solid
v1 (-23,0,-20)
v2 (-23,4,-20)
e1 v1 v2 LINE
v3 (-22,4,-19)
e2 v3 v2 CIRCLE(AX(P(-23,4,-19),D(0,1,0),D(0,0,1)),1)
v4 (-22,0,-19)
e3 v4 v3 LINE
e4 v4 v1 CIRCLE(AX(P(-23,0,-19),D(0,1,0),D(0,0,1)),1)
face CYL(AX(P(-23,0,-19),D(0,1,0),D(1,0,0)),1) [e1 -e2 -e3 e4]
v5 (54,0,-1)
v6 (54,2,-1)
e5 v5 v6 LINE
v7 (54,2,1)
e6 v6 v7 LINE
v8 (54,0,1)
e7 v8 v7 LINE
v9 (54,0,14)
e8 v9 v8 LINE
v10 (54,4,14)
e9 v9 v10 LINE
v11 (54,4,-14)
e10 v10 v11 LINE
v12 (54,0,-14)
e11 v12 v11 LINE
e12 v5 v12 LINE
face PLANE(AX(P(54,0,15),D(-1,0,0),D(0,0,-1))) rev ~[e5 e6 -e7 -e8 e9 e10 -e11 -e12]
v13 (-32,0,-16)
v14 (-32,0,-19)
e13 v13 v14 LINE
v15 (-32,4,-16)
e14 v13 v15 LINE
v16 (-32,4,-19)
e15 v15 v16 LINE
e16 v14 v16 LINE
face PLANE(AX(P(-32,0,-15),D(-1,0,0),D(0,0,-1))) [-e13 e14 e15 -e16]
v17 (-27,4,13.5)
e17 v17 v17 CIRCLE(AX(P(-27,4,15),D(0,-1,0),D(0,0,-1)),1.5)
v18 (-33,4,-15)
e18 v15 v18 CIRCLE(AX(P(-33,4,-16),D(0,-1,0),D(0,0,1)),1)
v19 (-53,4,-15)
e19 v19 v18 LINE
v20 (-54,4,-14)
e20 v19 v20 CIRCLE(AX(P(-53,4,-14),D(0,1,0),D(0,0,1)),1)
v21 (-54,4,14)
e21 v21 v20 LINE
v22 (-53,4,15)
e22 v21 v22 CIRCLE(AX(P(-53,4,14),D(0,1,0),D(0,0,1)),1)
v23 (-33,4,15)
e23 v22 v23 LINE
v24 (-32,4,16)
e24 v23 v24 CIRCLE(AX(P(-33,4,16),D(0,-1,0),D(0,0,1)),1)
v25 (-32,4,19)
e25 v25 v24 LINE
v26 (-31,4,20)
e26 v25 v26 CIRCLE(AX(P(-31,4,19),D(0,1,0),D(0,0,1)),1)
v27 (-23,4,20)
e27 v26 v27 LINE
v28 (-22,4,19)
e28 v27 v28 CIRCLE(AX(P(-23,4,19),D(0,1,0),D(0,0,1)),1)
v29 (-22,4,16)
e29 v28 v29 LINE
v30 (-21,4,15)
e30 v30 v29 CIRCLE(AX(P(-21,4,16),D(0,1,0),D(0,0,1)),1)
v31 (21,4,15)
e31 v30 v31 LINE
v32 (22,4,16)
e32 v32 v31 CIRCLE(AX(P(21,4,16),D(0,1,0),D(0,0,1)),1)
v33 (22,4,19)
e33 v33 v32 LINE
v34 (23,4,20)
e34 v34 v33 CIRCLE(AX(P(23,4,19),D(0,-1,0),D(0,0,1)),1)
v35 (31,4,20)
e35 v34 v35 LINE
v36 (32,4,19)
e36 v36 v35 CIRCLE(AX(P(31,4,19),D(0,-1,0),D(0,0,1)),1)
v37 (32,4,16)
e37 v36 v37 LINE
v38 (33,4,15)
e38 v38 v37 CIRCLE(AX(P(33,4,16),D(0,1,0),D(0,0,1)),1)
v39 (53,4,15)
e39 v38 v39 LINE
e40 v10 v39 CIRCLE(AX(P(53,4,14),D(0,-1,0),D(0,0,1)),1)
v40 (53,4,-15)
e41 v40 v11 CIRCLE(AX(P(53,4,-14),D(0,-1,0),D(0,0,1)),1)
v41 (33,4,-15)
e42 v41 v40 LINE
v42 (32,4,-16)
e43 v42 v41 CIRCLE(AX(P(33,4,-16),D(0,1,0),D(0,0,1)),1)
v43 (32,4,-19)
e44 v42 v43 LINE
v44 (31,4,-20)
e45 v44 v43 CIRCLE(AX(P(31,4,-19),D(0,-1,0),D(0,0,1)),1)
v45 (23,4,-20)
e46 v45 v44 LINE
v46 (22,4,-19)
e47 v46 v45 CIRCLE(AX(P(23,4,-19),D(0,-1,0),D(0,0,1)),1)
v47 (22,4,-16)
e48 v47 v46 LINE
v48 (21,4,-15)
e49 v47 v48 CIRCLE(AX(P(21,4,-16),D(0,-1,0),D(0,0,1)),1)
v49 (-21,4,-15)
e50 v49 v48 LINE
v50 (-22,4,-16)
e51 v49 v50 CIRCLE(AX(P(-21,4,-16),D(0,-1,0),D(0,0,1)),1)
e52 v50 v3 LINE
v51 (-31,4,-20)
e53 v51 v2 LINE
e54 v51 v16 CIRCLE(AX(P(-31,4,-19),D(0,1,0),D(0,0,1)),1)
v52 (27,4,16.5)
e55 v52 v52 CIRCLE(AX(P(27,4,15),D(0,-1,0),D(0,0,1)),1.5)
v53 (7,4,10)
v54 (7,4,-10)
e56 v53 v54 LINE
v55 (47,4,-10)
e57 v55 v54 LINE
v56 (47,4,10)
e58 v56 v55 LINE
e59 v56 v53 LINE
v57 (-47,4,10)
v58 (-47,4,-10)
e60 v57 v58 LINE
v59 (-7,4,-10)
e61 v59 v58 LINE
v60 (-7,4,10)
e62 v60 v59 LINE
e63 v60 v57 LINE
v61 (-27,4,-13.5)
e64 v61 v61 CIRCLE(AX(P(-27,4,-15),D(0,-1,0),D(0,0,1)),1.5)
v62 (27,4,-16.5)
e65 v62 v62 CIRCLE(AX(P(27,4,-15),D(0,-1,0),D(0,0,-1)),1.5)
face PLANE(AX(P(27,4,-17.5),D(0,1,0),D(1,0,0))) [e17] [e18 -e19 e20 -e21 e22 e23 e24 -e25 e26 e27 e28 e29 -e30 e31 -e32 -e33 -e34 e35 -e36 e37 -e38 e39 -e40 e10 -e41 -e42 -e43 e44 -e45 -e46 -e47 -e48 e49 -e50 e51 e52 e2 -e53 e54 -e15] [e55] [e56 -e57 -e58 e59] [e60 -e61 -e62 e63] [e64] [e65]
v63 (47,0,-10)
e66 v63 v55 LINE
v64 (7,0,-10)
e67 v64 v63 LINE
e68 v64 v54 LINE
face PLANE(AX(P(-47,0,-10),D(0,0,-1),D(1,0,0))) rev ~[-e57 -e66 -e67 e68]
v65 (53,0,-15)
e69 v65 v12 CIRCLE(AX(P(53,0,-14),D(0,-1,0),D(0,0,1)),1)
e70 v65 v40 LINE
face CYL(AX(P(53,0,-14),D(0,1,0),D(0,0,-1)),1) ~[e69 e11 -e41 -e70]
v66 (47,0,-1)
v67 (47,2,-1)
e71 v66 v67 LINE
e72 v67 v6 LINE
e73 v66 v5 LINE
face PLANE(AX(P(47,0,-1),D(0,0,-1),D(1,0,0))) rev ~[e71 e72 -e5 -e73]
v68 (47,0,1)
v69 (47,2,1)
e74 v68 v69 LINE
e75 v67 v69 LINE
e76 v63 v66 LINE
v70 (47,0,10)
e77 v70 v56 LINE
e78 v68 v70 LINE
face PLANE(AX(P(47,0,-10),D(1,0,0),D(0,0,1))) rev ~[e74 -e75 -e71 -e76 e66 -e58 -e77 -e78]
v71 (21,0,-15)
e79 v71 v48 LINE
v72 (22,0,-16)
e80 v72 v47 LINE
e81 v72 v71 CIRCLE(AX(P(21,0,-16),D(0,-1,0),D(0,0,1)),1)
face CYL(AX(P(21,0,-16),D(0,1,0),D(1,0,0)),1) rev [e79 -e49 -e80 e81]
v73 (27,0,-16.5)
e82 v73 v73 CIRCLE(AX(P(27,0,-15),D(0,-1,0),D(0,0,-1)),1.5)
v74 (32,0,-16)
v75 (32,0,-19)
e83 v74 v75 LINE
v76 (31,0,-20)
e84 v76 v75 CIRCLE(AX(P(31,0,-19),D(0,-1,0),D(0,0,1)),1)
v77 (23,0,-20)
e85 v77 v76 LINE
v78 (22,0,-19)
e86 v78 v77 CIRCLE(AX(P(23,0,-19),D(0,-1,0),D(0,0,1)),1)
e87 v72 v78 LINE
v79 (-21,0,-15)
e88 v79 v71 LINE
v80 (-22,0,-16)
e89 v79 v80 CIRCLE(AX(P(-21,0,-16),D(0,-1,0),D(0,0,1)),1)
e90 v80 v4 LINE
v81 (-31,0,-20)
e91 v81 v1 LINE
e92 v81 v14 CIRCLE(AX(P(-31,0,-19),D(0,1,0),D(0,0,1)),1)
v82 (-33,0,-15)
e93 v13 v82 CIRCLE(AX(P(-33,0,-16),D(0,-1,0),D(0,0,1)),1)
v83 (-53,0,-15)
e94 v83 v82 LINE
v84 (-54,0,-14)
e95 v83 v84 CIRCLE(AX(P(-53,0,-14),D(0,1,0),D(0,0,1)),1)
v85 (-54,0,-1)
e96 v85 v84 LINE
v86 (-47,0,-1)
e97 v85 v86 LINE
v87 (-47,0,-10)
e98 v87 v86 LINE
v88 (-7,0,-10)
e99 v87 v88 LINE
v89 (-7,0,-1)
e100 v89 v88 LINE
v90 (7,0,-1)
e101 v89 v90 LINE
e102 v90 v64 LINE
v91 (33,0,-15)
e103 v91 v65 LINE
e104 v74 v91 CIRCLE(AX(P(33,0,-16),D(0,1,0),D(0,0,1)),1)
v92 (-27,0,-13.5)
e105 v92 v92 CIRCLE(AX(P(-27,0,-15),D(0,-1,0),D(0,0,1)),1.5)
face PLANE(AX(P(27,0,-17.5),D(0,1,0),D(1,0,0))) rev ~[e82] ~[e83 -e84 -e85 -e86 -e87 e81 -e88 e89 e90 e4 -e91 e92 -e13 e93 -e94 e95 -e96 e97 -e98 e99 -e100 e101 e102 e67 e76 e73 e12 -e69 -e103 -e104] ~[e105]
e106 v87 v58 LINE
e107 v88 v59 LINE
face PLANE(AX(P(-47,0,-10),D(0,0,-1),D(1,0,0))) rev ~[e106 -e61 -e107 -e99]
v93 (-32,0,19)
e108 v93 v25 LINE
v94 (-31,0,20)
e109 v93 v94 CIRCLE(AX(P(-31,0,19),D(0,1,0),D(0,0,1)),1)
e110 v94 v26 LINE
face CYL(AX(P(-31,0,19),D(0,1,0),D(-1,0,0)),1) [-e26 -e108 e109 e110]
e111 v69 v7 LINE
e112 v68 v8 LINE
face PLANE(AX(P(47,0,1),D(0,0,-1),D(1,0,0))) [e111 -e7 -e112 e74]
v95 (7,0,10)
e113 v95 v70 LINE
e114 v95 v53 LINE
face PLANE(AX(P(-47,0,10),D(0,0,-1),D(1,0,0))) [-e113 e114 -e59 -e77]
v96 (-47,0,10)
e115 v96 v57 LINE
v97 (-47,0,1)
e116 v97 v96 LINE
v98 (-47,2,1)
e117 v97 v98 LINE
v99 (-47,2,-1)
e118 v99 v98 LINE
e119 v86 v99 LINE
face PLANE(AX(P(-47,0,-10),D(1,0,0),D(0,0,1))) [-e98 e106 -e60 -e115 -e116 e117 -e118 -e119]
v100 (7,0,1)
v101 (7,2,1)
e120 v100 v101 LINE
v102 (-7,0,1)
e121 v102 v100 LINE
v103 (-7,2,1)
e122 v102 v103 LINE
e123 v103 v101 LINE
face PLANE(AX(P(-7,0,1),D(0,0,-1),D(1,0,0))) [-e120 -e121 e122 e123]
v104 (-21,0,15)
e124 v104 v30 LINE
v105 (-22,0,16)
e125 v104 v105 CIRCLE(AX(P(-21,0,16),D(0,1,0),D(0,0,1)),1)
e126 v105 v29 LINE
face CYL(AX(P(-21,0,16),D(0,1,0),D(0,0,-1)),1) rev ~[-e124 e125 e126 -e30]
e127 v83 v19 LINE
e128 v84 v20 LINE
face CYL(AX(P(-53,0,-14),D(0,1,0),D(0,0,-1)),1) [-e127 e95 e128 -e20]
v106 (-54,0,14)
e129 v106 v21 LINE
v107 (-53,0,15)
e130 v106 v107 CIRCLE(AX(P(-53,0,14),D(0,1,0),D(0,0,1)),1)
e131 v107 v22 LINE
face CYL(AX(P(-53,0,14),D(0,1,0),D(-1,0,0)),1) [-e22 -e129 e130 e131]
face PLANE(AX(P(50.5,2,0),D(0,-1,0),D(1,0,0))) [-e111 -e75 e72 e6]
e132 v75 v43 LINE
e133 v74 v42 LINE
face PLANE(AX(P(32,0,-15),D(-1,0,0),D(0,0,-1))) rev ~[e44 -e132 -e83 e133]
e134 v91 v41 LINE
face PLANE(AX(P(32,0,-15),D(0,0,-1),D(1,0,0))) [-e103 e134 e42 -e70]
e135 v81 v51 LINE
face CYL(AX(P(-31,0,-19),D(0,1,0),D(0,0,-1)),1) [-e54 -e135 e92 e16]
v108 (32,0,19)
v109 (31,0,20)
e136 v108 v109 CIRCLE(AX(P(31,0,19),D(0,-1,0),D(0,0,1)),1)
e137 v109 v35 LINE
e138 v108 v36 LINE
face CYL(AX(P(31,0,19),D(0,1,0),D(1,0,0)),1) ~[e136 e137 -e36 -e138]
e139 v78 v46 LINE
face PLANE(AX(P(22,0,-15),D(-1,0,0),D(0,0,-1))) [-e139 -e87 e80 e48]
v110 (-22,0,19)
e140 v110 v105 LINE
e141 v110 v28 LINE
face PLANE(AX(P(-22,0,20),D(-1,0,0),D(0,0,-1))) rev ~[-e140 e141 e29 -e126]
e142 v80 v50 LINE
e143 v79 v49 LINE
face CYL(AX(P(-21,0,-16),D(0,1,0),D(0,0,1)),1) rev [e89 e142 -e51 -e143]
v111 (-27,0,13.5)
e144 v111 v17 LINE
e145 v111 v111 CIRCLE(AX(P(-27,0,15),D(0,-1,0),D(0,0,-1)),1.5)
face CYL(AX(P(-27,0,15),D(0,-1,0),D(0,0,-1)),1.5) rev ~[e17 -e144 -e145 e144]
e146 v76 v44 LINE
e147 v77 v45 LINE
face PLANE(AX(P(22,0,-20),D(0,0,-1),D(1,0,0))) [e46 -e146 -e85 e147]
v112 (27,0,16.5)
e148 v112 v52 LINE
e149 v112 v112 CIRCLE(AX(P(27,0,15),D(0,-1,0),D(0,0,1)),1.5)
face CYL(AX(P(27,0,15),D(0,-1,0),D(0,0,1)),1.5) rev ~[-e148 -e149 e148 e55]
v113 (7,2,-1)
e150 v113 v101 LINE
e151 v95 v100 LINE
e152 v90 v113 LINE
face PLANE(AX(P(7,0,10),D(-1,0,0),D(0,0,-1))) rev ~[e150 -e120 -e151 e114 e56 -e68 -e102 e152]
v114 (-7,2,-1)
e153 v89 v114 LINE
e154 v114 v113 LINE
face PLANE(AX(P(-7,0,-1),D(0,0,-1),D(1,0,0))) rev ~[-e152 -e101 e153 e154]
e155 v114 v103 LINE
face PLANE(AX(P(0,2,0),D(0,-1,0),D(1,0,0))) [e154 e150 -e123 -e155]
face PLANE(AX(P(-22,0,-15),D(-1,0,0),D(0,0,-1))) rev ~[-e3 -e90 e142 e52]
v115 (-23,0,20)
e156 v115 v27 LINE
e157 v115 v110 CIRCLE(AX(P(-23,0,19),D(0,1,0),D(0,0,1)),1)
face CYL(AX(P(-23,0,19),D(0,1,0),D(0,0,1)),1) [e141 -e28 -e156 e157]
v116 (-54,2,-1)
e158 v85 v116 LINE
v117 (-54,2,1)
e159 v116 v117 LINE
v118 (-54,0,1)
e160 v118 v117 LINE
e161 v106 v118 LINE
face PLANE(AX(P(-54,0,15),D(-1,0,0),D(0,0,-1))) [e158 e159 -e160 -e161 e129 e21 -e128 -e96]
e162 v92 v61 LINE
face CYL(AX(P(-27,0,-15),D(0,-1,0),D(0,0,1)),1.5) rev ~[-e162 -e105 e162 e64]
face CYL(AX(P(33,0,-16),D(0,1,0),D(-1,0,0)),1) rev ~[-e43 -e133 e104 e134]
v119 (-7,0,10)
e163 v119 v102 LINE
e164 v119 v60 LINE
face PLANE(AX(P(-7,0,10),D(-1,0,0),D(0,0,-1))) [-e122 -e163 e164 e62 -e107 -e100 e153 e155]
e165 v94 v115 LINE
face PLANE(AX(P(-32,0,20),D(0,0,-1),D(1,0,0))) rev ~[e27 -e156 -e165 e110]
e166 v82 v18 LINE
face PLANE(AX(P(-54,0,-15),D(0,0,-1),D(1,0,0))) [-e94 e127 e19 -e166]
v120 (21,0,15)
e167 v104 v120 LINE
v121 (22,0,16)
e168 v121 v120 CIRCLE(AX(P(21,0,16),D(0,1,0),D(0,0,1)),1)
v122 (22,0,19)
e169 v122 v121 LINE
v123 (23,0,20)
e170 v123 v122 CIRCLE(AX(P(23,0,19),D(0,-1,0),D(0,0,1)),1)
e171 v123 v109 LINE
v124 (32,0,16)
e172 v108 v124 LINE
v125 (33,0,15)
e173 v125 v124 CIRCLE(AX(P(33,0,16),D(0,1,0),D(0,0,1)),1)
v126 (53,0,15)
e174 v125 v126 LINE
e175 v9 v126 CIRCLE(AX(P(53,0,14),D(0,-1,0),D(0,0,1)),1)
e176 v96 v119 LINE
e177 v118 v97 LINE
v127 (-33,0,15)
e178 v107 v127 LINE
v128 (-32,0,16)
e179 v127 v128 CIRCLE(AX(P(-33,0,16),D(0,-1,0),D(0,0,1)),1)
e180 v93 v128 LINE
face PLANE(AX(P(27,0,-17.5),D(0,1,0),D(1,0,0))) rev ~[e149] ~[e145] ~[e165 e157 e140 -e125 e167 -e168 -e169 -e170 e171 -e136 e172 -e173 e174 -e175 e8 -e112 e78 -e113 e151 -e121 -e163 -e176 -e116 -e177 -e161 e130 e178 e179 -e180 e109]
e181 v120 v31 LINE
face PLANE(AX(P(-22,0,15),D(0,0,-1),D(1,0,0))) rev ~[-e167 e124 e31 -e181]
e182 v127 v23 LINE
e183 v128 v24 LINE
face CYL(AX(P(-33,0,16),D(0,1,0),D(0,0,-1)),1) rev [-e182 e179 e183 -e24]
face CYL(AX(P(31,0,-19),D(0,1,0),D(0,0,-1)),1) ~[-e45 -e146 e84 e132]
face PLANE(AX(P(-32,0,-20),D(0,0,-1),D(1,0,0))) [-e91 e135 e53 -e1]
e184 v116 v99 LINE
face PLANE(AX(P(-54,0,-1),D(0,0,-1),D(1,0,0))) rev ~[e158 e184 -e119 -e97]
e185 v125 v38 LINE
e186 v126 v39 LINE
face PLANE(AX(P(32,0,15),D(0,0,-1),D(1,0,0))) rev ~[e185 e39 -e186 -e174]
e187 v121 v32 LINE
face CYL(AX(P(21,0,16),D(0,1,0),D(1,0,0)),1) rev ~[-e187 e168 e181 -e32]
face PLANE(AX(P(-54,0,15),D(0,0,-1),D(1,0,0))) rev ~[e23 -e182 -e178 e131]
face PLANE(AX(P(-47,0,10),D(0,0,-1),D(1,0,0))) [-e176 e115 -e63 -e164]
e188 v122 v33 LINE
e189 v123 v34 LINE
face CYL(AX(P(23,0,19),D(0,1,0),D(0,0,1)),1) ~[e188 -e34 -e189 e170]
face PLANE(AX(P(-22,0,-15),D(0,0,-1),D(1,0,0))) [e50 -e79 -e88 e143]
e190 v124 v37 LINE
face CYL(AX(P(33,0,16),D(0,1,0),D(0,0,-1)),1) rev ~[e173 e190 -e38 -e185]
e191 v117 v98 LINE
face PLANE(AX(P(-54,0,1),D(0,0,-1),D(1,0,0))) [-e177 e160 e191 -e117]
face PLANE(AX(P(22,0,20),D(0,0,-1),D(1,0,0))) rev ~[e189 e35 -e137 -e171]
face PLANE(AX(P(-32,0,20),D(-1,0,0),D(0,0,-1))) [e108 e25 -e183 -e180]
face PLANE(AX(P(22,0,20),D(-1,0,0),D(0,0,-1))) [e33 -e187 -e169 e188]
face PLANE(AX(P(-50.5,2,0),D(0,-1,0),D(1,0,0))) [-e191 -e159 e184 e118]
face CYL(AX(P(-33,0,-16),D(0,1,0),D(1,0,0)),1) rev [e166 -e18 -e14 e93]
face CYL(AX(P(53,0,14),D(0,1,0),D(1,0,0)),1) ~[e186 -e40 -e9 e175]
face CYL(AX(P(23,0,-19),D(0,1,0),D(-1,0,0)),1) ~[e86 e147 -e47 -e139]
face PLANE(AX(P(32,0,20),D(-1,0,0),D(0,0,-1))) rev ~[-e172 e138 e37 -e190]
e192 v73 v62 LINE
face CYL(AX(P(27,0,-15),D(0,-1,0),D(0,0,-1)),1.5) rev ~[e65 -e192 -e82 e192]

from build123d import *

# Parameters (mm, degrees)
SKETCH_2_W          = 10
SKETCH_2_H          = 5
SKETCH_2_W_2        = 108
SKETCH_2_H_2        = 30
EXTRUDE_1_DEPTH     = 4
SKETCH_3_R          = 1.5
SKETCH_3_W          = 94
SKETCH_3_H          = 20
CUT_EXTRUDE_1_DEPTH = 58.723478759
FILLET_1_R          = 1
SKETCH_4_W          = 14
SKETCH_4_H          = 20
EXTRUDE_2_DEPTH     = 4
SKETCH_6_W          = 7
SKETCH_6_H          = 2
SKETCH_6_W_2        = 14
CUT_EXTRUDE_3_DEPTH = 2


with BuildPart() as part:
    # 草图2 → 凸台-拉伸1 (new body)
    with BuildSketch(Plane(origin=(0, 0, 0), x_dir=(1, 0, 0), z_dir=(0, 1, 0))):
        with Locations((27, 17.5)):
            Rectangle(SKETCH_2_W, SKETCH_2_H)
        with Locations((-27, 17.5)):
            Rectangle(SKETCH_2_W, SKETCH_2_H)
        with Locations((-27, -17.5)):
            Rectangle(SKETCH_2_W, SKETCH_2_H)
        with Locations((27, -17.5)):
            Rectangle(SKETCH_2_W, SKETCH_2_H)
        Rectangle(SKETCH_2_W_2, SKETCH_2_H_2)
    extrude(amount=EXTRUDE_1_DEPTH)

    # 草图3 → 切除-拉伸1 (cut, through all)
    with BuildSketch(Plane.XZ):
        with Locations(Location((-27, 15, 0), (0, 0, 270))):
            Circle(SKETCH_3_R)
        with Locations(Location((27, 15, 0), (0, 0, 90))):
            Circle(SKETCH_3_R)
        with Locations(Location((27, -15, 0), (0, 0, 270))):
            Circle(SKETCH_3_R)
        with Locations(Location((-27, -15, 0), (0, 0, 90))):
            Circle(SKETCH_3_R)
        Rectangle(SKETCH_3_W, SKETCH_3_H)
    extrude(amount=-CUT_EXTRUDE_1_DEPTH, mode=Mode.SUBTRACT)

    # 圆角1
    fillet_1_edges = [part.edges().sort_by_distance(p)[0] for p in [
        (32, 2, -15),
        (54, 2, -15),
        (54, 2, 15),
        (32, 2, 15),
        (32, 2, 20),
        (22, 2, 20),
        (22, 2, 15),
        (-22, 2, 15),
        (-22, 2, 20),
        (-32, 2, 20),
        (-32, 2, 15),
        (-54, 2, 15),
        (-54, 2, -15),
        (-32, 2, -15),
        (-32, 2, -20),
        (-22, 2, -20),
        (-22, 2, -15),
        (22, 2, -15),
        (22, 2, -20),
        (32, 2, -20),
    ]]
    fillet(fillet_1_edges, radius=FILLET_1_R)

    # 草图4 → 凸台-拉伸2 (add)
    with BuildSketch(Plane(origin=(0, 0, 0), x_dir=(1, 0, 0), z_dir=(0, 1, 0))):
        Rectangle(SKETCH_4_W, SKETCH_4_H)
    extrude(amount=EXTRUDE_2_DEPTH)

    # 草图6 → 切除-拉伸3 (cut)
    with BuildSketch(Plane.XZ):
        with Locations((-50.5, 0)):
            Rectangle(SKETCH_6_W, SKETCH_6_H)
        Rectangle(SKETCH_6_W_2, SKETCH_6_H)
        with Locations((50.5, 0)):
            Rectangle(SKETCH_6_W, SKETCH_6_H)
    extrude(amount=-CUT_EXTRUDE_3_DEPTH, mode=Mode.SUBTRACT)


solid = part.part
